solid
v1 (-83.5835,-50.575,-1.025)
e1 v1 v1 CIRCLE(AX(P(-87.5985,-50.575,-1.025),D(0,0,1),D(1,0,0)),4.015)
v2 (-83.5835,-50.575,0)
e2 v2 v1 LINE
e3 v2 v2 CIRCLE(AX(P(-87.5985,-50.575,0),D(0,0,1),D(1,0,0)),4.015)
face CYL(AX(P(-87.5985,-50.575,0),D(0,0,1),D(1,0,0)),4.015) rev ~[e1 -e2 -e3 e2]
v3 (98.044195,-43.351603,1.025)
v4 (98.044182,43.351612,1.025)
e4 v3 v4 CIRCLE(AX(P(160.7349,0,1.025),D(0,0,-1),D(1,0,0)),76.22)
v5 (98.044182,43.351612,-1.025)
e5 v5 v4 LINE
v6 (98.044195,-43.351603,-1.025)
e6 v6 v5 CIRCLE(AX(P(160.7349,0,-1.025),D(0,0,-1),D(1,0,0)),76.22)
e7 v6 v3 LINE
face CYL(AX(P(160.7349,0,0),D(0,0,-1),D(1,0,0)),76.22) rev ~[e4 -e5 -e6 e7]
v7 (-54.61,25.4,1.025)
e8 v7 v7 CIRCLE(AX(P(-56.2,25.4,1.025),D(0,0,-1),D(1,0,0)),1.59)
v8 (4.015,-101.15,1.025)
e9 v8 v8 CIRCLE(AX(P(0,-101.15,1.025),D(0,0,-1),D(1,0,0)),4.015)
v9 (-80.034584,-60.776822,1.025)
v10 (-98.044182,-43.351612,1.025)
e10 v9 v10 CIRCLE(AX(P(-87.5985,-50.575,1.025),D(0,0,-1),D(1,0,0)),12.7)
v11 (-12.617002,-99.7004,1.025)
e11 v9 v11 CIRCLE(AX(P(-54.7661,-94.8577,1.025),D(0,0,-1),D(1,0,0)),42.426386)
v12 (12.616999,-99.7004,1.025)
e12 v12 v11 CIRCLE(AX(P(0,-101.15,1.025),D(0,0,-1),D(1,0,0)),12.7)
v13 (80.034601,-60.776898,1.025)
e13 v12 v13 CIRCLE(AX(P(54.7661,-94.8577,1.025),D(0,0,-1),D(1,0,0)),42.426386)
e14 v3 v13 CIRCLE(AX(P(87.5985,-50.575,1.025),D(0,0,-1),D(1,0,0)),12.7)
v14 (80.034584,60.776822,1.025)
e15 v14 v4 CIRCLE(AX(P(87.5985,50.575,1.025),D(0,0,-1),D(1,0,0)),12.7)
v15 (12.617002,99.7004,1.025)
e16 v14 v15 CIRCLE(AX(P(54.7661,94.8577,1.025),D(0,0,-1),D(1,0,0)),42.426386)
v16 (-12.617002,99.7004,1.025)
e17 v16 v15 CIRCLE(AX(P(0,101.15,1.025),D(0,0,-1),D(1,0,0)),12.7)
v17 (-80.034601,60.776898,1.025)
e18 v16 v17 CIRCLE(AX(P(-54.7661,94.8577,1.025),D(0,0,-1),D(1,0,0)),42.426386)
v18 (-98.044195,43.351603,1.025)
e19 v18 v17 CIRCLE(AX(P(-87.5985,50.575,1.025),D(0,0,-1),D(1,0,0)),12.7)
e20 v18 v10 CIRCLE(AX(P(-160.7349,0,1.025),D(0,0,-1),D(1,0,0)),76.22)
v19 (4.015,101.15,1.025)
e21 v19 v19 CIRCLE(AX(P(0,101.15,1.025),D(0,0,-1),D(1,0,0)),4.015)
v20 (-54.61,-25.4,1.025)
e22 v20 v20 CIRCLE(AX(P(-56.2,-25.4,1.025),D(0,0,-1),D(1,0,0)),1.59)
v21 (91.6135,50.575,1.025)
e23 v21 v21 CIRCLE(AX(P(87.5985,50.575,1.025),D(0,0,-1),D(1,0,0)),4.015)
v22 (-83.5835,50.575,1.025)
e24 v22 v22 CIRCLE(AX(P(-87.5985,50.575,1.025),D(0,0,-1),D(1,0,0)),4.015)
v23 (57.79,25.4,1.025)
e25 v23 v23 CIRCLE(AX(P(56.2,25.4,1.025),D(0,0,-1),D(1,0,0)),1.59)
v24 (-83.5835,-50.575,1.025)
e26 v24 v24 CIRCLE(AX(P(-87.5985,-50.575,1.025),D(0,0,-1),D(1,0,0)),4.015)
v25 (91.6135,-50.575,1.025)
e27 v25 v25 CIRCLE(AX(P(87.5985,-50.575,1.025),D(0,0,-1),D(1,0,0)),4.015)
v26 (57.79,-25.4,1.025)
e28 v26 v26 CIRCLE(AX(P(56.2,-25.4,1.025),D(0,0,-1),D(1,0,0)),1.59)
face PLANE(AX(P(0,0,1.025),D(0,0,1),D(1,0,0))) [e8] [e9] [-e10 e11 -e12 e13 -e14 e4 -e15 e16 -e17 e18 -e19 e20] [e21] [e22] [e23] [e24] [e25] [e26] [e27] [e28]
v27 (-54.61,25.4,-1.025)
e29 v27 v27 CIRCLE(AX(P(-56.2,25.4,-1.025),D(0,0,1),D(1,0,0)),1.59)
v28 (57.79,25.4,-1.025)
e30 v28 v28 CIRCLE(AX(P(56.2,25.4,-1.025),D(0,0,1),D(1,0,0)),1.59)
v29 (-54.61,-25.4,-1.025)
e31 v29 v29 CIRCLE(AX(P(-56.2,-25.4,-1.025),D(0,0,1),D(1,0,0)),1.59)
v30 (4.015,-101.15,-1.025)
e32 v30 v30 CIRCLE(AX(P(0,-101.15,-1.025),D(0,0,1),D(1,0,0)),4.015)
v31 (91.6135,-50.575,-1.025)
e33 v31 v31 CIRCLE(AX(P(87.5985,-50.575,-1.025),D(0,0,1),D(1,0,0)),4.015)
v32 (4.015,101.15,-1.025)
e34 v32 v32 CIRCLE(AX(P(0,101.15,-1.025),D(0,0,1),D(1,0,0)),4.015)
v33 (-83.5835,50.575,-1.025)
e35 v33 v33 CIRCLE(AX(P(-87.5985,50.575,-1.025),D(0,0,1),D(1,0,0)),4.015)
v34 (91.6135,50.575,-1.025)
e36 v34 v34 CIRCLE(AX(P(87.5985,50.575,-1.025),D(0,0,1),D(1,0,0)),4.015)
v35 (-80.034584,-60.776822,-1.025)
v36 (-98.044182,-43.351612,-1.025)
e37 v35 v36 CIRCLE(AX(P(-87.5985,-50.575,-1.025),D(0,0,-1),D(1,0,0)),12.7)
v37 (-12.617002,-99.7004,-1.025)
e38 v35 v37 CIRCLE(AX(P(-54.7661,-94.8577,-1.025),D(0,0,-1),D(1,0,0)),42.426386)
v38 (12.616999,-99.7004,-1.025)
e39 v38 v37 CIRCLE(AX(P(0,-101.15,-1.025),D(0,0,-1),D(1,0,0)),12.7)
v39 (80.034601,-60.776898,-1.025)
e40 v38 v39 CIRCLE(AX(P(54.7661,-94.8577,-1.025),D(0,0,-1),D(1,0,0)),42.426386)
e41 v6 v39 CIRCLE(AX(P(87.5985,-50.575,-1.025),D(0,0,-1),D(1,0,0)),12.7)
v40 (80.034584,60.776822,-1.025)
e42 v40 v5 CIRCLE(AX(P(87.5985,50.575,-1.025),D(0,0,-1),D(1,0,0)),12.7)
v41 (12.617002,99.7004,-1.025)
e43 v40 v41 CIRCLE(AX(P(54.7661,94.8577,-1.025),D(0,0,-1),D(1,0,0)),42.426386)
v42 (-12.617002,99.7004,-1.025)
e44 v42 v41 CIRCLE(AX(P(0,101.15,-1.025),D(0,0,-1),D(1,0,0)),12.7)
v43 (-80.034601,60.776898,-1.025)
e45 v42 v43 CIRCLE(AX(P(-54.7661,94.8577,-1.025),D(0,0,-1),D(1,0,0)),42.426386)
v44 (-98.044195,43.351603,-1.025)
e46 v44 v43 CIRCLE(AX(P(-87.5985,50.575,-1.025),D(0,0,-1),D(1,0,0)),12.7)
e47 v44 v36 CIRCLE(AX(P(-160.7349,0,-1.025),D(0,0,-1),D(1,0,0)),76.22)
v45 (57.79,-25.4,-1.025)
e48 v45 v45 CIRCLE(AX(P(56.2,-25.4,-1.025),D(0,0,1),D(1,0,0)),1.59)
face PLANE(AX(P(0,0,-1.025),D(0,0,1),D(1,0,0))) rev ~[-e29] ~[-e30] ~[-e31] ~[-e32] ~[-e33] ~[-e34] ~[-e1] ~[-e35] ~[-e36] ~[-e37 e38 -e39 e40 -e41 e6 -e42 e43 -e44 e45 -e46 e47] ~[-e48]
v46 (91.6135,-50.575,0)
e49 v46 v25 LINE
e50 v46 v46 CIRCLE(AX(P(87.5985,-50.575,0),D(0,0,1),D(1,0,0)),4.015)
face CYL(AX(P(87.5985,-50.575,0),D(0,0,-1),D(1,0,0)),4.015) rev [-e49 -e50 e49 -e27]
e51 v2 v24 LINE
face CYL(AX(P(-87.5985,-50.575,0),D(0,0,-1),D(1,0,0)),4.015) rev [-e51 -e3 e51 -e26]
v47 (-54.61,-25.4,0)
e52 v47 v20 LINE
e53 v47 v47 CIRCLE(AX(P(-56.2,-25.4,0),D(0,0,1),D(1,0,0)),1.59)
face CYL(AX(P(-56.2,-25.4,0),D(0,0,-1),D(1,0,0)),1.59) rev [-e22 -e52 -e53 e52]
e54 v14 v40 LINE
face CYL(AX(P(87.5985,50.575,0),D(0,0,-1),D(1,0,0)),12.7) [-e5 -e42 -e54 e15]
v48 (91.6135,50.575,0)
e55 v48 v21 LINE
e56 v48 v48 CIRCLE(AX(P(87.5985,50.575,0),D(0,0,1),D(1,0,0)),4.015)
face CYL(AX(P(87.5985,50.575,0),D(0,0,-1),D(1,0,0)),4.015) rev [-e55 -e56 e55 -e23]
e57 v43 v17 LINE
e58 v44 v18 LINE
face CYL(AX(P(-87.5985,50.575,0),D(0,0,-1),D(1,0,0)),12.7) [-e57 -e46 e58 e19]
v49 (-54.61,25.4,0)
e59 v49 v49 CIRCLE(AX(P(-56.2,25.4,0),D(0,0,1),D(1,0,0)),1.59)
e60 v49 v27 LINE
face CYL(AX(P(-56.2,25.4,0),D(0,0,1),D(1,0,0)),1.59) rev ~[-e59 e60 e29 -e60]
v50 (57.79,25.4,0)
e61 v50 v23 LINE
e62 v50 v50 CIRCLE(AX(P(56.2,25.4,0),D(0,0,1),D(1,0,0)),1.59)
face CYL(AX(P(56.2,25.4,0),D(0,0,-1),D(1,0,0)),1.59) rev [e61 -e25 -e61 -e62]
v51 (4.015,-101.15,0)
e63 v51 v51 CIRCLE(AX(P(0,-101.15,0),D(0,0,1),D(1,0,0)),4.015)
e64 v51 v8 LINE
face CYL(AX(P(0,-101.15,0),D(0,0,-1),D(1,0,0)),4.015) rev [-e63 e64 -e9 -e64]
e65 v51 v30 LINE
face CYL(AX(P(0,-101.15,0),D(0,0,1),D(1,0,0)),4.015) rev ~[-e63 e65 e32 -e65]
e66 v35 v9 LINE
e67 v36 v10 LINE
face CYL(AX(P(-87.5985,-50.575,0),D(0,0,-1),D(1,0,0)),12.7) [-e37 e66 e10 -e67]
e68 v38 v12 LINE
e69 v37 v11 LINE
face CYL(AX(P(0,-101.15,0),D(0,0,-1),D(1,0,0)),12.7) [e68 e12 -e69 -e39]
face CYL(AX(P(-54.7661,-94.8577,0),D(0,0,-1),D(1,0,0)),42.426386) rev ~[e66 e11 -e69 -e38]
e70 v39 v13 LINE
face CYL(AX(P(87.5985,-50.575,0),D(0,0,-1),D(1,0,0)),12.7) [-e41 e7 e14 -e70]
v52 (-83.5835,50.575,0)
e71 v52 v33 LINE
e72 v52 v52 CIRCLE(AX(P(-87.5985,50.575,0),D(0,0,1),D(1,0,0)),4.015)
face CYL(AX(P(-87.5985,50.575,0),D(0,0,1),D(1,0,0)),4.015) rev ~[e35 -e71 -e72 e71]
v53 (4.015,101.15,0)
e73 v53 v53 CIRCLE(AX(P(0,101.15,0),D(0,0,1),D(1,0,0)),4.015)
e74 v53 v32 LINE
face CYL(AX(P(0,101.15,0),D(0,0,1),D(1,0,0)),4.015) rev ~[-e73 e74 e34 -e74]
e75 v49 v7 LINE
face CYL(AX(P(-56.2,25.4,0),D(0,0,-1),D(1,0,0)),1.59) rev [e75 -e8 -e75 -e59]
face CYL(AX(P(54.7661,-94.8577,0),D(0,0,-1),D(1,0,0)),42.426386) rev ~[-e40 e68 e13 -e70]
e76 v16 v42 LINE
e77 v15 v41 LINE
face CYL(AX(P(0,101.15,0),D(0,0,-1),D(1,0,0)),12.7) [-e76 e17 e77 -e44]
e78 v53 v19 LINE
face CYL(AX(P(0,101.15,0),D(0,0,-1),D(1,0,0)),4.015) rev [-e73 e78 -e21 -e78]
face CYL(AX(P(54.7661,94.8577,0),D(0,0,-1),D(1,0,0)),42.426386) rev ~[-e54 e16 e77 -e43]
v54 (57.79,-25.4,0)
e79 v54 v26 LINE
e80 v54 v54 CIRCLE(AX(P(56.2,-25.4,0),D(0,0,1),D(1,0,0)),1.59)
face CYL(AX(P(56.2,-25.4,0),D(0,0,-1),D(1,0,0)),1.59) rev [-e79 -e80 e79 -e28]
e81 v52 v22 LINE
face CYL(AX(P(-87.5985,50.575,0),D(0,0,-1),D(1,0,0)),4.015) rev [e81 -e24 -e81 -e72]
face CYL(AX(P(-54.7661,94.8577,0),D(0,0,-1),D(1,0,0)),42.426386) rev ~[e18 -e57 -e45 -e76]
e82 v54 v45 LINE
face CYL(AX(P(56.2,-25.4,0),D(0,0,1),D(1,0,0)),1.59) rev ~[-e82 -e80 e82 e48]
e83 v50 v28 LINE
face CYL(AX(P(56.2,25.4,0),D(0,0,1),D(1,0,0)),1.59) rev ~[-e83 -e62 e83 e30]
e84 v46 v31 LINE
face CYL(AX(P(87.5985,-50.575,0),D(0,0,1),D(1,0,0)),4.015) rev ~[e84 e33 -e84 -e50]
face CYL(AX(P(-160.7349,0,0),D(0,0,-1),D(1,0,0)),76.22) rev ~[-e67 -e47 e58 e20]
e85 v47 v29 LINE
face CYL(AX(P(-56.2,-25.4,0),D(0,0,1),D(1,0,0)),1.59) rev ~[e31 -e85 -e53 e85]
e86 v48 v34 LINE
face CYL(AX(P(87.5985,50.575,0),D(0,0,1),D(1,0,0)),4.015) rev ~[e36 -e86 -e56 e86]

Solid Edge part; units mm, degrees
sketch "Sketch1" plane through (0, 0, 0) normal (0, 0, 1) x (1, 0, 0)
  arc A0 (-12.617, 99.7004) -> (-80.0346, 60.7769) centre (-54.7661, 94.8577) cw
  arc A1 (-98.0442, 43.3516) -> (-80.0346, 60.7768) centre (-87.5985, 50.575) cw
  arc A2 (-98.0442, 43.3516) -> (-98.0442, -43.3516) centre (-160.7349, 0) cw
  arc A3 (-80.0346, -60.7768) -> (-98.0442, -43.3516) centre (-87.5985, -50.575) cw
  arc A4 (-80.0346, -60.7769) -> (-12.617, -99.7004) centre (-54.7661, -94.8577) cw
  arc A5 (12.617, -99.7004) -> (-12.617, -99.7004) centre (0, -101.15) cw
  arc A6 (12.617, -99.7004) -> (80.0346, -60.7769) centre (54.7661, -94.8577) cw
  arc A7 (98.0442, -43.3516) -> (80.0346, -60.7768) centre (87.5985, -50.575) cw
  arc A8 (98.0442, -43.3516) -> (98.0442, 43.3516) centre (160.7349, 0) cw
  arc A9 (80.0346, 60.7768) -> (98.0442, 43.3516) centre (87.5985, 50.575) cw
  arc A10 (80.0346, 60.7769) -> (12.617, 99.7004) centre (54.7661, 94.8577) cw
  arc A11 (-12.617, 99.7004) -> (12.617, 99.7004) centre (0, 101.15) cw
extrude "Protrusion1" add sketch "Sketch1" along normal mid plane 2.05
sketch "Sketch2" plane through (0, 0, 0) normal (0, 0, 1) x (1, 0, 0)
  circle A0 centre (-87.5985, 50.575) radius 4.015
  circle A1 centre (0, 101.15) radius 4.015
  circle A2 centre (87.5985, 50.575) radius 4.015
  circle A3 centre (87.5985, -50.575) radius 4.015
  circle A4 centre (0, -101.15) radius 4.015
  circle A5 centre (-87.5985, -50.575) radius 4.015
  circle A6 centre (-56.2, -25.4) radius 1.59
  circle A7 centre (-56.2, 25.4) radius 1.59
  circle A8 centre (56.2, 25.4) radius 1.59
  circle A9 centre (56.2, -25.4) radius 1.59
  dimension "D1" = 25.4
  dimension "D2" = 8.03
  dimension "D3" = 25.4
  dimension "D4" = 8.03
  dimension "D5" = 25.4
  dimension "D6" = 8.03
  dimension "D7" = 25.4
  dimension "D8" = 8.03
  dimension "D9" = 25.4
  dimension "D10" = 8.03
  dimension "D11" = 25.4
  dimension "D12" = 8.03
  dimension "D13" = 3.18
  dimension "D14" = 3.18
  dimension "D15" = 3.18
  dimension "D16" = 3.18
  dimension "D17" = 76.22
  dimension "D18" = 76.22
extrude "Cutout1" cut sketch "Sketch2" along normal mid plane 100
